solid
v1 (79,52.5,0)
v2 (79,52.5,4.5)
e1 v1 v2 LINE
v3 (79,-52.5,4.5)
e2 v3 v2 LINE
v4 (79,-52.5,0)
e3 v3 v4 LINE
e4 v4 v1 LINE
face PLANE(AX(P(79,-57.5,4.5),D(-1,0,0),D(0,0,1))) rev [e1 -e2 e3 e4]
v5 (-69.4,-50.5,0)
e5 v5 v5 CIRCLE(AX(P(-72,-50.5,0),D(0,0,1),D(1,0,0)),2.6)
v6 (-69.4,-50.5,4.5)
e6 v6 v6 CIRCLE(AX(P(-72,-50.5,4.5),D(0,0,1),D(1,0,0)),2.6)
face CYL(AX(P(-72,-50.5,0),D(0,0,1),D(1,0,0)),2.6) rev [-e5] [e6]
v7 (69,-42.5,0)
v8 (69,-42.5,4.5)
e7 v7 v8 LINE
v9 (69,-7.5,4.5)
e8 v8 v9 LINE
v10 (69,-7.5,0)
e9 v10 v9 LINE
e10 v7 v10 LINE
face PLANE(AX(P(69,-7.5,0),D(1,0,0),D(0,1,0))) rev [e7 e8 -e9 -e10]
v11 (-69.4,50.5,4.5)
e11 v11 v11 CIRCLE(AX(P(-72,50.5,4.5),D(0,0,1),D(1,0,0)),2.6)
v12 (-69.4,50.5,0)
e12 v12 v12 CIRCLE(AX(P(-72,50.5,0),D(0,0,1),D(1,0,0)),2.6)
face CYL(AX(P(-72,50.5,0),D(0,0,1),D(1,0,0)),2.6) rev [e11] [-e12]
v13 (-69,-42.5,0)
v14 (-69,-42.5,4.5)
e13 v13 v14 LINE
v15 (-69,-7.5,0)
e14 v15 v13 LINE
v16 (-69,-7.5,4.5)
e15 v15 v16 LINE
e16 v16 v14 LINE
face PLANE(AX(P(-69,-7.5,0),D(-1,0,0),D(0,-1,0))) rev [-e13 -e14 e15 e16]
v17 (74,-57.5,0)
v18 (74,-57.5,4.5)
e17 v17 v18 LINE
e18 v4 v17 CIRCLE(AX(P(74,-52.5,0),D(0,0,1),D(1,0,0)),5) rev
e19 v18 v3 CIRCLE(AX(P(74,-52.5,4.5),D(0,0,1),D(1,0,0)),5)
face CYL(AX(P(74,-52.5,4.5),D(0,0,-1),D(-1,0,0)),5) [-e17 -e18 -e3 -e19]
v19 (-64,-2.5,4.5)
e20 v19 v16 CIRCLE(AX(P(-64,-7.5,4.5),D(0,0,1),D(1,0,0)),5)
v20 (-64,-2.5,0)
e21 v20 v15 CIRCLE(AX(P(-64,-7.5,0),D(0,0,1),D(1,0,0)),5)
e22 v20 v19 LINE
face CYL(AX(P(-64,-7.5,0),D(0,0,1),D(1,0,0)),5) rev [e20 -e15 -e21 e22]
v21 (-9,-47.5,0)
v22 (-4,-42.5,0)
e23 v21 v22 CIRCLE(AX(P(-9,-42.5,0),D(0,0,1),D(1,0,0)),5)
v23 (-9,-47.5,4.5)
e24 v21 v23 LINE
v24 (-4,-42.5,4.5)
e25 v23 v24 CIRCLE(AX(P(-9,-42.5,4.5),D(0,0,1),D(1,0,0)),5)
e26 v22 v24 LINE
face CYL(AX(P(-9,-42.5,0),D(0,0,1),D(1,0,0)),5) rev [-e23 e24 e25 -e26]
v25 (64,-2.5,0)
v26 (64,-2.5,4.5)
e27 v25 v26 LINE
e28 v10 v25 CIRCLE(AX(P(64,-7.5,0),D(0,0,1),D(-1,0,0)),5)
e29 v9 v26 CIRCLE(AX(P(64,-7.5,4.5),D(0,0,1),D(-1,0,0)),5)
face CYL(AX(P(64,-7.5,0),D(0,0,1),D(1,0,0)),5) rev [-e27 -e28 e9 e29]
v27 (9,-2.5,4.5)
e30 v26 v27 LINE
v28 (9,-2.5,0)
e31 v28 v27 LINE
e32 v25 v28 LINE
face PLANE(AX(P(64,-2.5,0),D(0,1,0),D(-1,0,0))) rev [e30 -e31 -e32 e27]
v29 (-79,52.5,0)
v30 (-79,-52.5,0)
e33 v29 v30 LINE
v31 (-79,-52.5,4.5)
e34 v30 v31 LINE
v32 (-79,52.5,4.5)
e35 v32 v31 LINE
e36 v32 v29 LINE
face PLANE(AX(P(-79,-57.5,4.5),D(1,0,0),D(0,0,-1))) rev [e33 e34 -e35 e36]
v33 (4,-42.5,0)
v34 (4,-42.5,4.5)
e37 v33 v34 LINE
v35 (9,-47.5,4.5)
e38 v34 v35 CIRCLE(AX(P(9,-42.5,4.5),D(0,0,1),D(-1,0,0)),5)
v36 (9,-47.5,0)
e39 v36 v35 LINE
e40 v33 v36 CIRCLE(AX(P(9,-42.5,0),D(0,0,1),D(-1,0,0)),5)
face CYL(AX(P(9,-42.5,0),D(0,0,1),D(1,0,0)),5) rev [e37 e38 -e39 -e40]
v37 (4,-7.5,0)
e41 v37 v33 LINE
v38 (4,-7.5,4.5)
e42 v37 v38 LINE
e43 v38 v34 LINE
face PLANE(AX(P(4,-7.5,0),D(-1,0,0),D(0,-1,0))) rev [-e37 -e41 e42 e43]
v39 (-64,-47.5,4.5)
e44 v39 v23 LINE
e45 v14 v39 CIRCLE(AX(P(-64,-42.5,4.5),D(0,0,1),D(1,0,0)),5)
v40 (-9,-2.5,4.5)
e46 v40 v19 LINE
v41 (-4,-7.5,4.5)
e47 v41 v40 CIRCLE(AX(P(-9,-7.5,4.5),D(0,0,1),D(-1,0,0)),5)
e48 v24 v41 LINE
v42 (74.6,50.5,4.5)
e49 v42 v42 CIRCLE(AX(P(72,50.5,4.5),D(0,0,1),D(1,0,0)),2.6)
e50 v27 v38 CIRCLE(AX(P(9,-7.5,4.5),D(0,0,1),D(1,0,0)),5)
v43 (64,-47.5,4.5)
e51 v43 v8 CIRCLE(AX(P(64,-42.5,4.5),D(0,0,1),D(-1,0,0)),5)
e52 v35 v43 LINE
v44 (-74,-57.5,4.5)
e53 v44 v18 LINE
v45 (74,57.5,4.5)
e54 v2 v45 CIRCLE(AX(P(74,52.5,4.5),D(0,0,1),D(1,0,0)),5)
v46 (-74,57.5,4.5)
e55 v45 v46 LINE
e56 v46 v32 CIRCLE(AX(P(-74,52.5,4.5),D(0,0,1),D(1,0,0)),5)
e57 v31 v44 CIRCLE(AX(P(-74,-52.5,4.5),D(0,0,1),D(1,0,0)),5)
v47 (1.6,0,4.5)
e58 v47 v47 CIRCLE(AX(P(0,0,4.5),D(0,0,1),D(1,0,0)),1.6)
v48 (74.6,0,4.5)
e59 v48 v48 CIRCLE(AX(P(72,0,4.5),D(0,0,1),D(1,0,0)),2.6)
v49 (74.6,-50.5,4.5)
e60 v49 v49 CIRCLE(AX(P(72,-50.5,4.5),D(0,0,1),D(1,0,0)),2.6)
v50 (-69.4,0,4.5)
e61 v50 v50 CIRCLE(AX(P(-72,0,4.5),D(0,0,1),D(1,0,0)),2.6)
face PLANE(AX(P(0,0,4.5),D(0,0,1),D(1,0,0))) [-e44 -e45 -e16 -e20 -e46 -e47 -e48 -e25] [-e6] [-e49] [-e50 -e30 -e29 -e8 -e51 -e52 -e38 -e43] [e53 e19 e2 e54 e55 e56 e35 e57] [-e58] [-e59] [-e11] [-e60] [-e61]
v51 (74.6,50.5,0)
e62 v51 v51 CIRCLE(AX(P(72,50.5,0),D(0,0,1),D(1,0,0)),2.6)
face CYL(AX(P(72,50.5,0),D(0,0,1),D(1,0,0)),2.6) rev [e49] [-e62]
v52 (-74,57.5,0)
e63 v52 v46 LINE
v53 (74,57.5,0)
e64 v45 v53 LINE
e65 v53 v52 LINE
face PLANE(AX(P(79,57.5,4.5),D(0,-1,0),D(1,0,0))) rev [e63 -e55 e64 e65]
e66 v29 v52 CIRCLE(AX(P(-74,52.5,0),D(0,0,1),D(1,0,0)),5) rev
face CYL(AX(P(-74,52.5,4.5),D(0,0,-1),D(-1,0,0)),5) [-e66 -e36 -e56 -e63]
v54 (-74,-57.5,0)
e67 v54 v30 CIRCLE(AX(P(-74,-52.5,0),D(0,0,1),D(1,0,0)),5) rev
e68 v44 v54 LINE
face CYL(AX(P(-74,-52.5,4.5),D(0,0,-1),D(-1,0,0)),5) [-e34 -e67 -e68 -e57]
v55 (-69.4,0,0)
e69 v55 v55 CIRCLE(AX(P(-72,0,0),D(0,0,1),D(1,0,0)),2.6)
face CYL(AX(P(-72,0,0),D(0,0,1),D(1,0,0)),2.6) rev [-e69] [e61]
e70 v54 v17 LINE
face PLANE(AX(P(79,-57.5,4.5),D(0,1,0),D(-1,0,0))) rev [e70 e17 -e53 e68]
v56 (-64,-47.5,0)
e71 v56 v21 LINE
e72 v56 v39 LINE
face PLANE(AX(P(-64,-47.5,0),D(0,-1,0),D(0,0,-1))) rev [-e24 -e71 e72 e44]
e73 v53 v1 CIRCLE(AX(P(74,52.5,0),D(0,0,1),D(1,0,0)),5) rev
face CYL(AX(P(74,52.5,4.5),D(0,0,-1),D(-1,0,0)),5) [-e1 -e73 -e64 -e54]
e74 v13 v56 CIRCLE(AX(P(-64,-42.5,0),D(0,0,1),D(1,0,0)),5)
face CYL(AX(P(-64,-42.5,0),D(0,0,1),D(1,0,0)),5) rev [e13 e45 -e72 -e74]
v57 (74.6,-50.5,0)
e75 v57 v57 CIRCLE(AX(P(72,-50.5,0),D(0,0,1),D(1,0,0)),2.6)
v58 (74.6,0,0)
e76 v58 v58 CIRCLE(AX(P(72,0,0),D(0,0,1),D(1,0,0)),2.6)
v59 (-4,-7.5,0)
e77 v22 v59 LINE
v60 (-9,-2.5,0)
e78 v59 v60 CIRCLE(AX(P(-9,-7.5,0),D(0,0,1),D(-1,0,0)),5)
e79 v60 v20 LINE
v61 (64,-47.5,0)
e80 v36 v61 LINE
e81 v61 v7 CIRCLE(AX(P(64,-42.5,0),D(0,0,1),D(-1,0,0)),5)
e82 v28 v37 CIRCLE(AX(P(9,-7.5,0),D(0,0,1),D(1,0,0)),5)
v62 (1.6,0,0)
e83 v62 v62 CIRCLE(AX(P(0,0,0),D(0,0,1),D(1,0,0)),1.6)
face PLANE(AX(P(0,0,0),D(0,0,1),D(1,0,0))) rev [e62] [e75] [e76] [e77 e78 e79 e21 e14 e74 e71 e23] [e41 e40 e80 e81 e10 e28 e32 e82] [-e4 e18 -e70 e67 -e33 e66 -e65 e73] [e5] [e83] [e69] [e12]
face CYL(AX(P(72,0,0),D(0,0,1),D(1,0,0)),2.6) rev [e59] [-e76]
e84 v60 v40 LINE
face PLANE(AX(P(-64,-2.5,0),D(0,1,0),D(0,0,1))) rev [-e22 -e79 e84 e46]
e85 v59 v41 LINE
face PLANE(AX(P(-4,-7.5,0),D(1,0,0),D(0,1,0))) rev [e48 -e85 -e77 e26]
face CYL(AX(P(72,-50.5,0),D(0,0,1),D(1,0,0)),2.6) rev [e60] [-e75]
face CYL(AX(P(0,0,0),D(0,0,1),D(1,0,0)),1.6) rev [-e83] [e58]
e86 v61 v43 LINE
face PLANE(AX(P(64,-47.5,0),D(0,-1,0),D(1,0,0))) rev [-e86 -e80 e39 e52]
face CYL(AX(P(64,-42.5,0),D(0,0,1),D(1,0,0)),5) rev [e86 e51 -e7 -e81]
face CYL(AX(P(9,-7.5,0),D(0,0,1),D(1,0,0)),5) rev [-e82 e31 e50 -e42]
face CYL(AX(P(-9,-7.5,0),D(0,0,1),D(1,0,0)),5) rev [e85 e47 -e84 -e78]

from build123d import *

# Parameters (mm, degrees)
SKETCH_1_W          = 158
SKETCH_1_H          = 115
EXTRUDE_1_DEPTH     = 4.5
SKETCH_2_R          = 2.6
SKETCH_2_R_2        = 1.6
CUT_EXTRUDE_1_DEPTH = 4.5
FILLET_1_R          = 5


with BuildPart() as part:
    # 草图1 → 凸台-拉伸1 (new body)
    with BuildSketch(Plane.XY):
        Rectangle(SKETCH_1_W, SKETCH_1_H)
    extrude(amount=EXTRUDE_1_DEPTH)

    # 草图2 → 切除-拉伸1 (cut)
    with BuildSketch(Plane.XY.offset(4.5)):
        with Locations((-72, 50.5)):
            Circle(SKETCH_2_R)
        with Locations((72, 50.5)):
            Circle(SKETCH_2_R)
        with Locations((72, 0)):
            Circle(SKETCH_2_R)
        with Locations((72, -50.5)):
            Circle(SKETCH_2_R)
        with Locations((-72, -50.5)):
            Circle(SKETCH_2_R)
        with Locations((-72, 0)):
            Circle(SKETCH_2_R)
        Circle(SKETCH_2_R_2)
        with BuildLine():
            Line((4, -7.5), (4, -42.5))
            ThreePointArc((4, -42.5), (5.464466094, -46.035533906), (9, -47.5))
            Line((9, -47.5), (64, -47.5))
            ThreePointArc((64, -47.5), (67.535533906, -46.035533906), (69, -42.5))
            Line((69, -42.5), (69, -7.5))
            ThreePointArc((69, -7.5), (67.535533906, -3.964466094), (64, -2.5))
            Line((64, -2.5), (9, -2.5))
            ThreePointArc((9, -2.5), (5.464466094, -3.964466094), (4, -7.5))
        make_face()
        with BuildLine():
            Line((-64, -2.5), (-9, -2.5))
            ThreePointArc((-9, -2.5), (-5.464466094, -3.964466094), (-4, -7.5))
            Line((-4, -7.5), (-4, -42.5))
            ThreePointArc((-4, -42.5), (-5.464466094, -46.035533906), (-9, -47.5))
            Line((-9, -47.5), (-64, -47.5))
            ThreePointArc((-64, -47.5), (-67.535533906, -46.035533906), (-69, -42.5))
            Line((-69, -42.5), (-69, -7.5))
            ThreePointArc((-69, -7.5), (-67.535533906, -3.964466094), (-64, -2.5))
        make_face()
    extrude(amount=-CUT_EXTRUDE_1_DEPTH, mode=Mode.SUBTRACT)

    # 圆角1
    fillet_1_edges = [part.edges().sort_by_distance(p)[0] for p in [
        (-79, 57.5, 2.25),
        (79, 57.5, 2.25),
        (79, -57.5, 2.25),
        (-79, -57.5, 2.25),
    ]]
    fillet(fillet_1_edges, radius=FILLET_1_R)


solid = part.part
